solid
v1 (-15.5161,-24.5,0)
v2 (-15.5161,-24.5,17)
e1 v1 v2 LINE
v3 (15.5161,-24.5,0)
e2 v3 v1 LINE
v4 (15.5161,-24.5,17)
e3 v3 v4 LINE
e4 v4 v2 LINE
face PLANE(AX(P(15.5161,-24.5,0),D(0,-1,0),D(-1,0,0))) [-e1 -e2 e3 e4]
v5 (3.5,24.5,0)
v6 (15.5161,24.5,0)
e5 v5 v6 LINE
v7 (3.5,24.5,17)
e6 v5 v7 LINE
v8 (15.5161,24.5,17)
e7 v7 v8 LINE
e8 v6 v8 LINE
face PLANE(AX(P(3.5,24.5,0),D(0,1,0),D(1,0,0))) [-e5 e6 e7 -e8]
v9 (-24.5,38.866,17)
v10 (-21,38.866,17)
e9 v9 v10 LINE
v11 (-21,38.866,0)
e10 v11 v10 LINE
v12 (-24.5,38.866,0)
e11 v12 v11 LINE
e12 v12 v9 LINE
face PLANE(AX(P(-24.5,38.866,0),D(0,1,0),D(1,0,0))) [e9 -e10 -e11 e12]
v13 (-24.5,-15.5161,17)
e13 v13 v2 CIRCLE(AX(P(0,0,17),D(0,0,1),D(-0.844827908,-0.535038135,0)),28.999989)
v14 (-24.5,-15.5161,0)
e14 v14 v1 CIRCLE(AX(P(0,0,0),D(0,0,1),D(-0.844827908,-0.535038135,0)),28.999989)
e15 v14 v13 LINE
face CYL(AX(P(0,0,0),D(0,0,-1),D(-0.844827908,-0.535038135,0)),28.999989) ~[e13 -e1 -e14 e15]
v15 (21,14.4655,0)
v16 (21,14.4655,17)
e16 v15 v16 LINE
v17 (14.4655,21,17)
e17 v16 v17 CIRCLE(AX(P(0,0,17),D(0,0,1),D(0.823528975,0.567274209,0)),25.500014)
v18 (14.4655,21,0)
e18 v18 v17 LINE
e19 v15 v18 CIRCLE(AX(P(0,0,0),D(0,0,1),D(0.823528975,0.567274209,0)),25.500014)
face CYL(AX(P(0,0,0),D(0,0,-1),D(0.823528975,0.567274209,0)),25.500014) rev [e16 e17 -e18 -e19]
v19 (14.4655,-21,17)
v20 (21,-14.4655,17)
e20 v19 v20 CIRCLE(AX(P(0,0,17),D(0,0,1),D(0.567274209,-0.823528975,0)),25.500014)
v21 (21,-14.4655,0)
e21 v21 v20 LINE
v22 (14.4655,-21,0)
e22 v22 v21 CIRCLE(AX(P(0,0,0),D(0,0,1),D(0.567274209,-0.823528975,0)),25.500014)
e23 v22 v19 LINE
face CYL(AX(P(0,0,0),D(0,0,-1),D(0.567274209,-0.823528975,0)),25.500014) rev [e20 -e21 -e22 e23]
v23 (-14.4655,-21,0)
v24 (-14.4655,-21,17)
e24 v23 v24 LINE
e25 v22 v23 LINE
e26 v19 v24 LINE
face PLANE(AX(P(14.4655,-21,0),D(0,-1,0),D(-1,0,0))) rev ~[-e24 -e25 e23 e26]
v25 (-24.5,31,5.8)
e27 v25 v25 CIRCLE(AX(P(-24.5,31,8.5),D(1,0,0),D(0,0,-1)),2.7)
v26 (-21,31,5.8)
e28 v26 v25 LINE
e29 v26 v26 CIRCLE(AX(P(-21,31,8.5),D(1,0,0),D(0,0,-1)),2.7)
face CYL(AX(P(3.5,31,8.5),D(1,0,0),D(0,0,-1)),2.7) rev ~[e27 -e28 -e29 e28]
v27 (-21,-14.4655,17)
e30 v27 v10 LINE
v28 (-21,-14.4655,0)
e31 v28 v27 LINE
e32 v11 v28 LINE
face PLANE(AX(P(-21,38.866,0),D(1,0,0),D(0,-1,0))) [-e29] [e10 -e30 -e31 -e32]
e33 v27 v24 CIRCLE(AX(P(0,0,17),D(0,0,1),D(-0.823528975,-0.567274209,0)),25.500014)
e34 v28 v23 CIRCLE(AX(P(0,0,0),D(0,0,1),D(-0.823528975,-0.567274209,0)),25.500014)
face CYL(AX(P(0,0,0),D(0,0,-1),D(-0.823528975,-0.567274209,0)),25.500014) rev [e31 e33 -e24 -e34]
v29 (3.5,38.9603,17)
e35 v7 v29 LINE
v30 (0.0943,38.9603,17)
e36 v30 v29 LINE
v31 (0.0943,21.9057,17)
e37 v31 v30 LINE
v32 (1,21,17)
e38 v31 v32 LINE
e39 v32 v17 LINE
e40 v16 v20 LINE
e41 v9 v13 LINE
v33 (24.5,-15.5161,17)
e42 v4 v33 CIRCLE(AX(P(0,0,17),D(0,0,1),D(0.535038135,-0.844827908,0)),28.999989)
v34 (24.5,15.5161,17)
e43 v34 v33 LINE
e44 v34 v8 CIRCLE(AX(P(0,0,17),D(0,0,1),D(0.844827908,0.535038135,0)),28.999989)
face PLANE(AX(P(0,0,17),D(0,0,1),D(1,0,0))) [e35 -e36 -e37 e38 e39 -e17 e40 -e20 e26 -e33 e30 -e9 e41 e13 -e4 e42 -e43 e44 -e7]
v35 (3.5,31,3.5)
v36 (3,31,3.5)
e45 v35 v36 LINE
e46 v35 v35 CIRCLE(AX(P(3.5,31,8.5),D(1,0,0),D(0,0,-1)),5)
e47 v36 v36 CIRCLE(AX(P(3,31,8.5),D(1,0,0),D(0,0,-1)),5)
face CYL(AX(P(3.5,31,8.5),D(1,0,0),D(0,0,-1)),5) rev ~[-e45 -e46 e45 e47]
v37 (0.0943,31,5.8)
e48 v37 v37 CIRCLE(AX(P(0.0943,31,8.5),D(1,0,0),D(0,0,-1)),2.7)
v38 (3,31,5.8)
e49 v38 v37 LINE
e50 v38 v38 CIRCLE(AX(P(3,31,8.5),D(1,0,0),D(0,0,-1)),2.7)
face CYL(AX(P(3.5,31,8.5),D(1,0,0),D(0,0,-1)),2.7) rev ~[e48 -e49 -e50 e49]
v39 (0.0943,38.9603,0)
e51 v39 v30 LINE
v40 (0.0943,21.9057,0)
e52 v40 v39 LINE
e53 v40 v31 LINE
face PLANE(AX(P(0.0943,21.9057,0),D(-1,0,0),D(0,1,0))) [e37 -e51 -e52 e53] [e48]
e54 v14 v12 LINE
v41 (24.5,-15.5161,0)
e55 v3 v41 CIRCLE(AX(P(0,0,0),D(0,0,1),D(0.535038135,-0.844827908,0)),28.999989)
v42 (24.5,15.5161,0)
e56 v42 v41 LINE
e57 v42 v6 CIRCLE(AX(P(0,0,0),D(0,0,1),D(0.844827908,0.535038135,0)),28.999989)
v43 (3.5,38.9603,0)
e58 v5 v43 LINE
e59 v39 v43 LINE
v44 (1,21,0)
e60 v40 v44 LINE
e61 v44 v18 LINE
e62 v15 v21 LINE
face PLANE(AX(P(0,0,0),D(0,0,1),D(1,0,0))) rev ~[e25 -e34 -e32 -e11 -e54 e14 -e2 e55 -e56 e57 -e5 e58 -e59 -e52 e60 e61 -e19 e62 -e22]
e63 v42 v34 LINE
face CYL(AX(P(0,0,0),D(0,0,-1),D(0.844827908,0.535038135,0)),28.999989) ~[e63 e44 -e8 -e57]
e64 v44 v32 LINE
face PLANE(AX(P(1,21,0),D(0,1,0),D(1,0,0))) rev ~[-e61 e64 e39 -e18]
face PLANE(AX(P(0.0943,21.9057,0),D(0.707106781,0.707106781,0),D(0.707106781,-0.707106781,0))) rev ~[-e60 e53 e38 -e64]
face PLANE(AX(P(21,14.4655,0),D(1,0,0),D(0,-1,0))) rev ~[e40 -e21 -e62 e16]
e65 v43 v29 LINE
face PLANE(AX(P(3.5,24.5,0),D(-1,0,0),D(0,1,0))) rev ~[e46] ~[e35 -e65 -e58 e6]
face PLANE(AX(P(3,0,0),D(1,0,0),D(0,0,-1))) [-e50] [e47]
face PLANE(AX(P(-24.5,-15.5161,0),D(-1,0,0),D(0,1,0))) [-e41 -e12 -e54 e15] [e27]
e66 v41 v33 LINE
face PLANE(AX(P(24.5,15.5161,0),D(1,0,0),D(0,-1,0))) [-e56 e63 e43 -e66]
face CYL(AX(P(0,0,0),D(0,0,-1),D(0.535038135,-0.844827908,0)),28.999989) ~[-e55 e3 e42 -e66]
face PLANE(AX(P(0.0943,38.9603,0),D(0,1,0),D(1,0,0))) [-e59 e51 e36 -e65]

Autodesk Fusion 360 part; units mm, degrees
sketch "Sketch2" plane through (0, 0, 0) normal (0, 0, 1) x (1, 0, 0)
  line L0 (14.4655, -21) -> (-14.4655, -21)
  line L1 (-21, -14.4655) -> (-21, 14.4655)
  line L2 (1, 21) -> (14.4655, 21)
  line L3 (21, 14.4655) -> (21, -14.4655)
  line L4 (18.0312, -18.0312) -> (-18.0312, 18.0312) construction
  line L5 (-18.0312, -18.0312) -> (18.0312, 18.0312) construction
  arc A0 (21, 14.4655) -> (14.4655, 21) centre (0, 0) ccw
  arc A1 (-21, -14.4655) -> (-14.4655, -21) centre (0, 0) ccw
  arc A2 (14.4655, -21) -> (21, -14.4655) centre (0, 0) ccw
  line L6 (-21, 14.4655) -> (-21, 21)
  line L7 (0.0943, 21.9057) -> (0.0943, 41)
  line L8 (0.0943, 41) -> (-21, 41)
  line L9 (-21, 41) -> (-21, 21)
  line L10 (0.0943, 21.9057) -> (1, 21)
  line L11 (-24.5, 38.866) -> (-24.5, 21)
  line L12 (-24.5, 14.4655) -> (-24.5, 21)
  line L13 (-24.5, -15.5161) -> (-24.5, 14.4655)
  arc A3 (-24.5, -15.5161) -> (-15.5161, -24.5) centre (0, 0) ccw
  line L14 (15.5161, -24.5) -> (-15.5161, -24.5)
  arc A4 (15.5161, -24.5) -> (24.5, -15.5161) centre (0, 0) ccw
  line L15 (24.5, 15.5161) -> (24.5, -15.5161)
  arc A5 (24.5, 15.5161) -> (15.5161, 24.5) centre (0, 0) ccw
  line L16 (3.5, 24.5) -> (15.5161, 24.5)
  line L17 (3.5, 24.5) -> (3.5, 38.9603)
  line L18 (-24.5, 38.866) -> (-21, 38.866)
  line L19 (0.0943, 38.9603) -> (3.5, 38.9603)
  dimension "d3" = 51
  dimension "d6" = 20
extrude "Extrude9" add sketch "Sketch2" along normal blind 17 contours L0 L1 L2 L3 A0 A1 A2 L6 L7 L9 L10 L11 L12 L13 A3 L14 A4 L15 A5 L16 L17 L18 L19
sketch "Sketch7" plane through (-24.5, 0, 0) normal (-1, 0, 0) x (0, 0, 1)
  line L0 (0, 38.866) -> (0, -15.5161)
  line L1 (0, -15.5161) -> (17, -15.5161)
  line L2 (17, -15.5161) -> (17, 38.866)
  line L3 (17, 38.866) -> (0, 38.866)
sketch "Sketch8" plane through (3.5, 0, 0) normal (1, 0, 0) x (0, 0, -1)
  line L0 (0, 24.5) -> (0, 38.9603)
  line L1 (0, 38.9603) -> (-17, 38.9603)
  line L2 (-17, 38.9603) -> (-17, 24.5)
  line L3 (-17, 24.5) -> (0, 24.5)
  circle A0 centre (-8.5, 31) radius 2.7
  dimension "d32" = 5.4
extrude "Extrude10" cut sketch "Sketch8" against normal blind 50 contours A0
sketch "Sketch9" plane through (3.5, 0, 0) normal (1, 0, 0) x (0, 0, -1)
  circle A0 centre (-8.5, 31) radius 2.7
  line L0 (0, 24.5) -> (0, 38.9603)
  line L1 (0, 38.9603) -> (-17, 38.9603)
  line L2 (-17, 38.9603) -> (-17, 24.5)
  line L3 (-17, 24.5) -> (0, 24.5)
  circle A1 centre (-8.5, 31) radius 5
  dimension "d35" = 10
extrude "Extrude11" cut sketch "Sketch9" against normal blind 0.5 contours A1
